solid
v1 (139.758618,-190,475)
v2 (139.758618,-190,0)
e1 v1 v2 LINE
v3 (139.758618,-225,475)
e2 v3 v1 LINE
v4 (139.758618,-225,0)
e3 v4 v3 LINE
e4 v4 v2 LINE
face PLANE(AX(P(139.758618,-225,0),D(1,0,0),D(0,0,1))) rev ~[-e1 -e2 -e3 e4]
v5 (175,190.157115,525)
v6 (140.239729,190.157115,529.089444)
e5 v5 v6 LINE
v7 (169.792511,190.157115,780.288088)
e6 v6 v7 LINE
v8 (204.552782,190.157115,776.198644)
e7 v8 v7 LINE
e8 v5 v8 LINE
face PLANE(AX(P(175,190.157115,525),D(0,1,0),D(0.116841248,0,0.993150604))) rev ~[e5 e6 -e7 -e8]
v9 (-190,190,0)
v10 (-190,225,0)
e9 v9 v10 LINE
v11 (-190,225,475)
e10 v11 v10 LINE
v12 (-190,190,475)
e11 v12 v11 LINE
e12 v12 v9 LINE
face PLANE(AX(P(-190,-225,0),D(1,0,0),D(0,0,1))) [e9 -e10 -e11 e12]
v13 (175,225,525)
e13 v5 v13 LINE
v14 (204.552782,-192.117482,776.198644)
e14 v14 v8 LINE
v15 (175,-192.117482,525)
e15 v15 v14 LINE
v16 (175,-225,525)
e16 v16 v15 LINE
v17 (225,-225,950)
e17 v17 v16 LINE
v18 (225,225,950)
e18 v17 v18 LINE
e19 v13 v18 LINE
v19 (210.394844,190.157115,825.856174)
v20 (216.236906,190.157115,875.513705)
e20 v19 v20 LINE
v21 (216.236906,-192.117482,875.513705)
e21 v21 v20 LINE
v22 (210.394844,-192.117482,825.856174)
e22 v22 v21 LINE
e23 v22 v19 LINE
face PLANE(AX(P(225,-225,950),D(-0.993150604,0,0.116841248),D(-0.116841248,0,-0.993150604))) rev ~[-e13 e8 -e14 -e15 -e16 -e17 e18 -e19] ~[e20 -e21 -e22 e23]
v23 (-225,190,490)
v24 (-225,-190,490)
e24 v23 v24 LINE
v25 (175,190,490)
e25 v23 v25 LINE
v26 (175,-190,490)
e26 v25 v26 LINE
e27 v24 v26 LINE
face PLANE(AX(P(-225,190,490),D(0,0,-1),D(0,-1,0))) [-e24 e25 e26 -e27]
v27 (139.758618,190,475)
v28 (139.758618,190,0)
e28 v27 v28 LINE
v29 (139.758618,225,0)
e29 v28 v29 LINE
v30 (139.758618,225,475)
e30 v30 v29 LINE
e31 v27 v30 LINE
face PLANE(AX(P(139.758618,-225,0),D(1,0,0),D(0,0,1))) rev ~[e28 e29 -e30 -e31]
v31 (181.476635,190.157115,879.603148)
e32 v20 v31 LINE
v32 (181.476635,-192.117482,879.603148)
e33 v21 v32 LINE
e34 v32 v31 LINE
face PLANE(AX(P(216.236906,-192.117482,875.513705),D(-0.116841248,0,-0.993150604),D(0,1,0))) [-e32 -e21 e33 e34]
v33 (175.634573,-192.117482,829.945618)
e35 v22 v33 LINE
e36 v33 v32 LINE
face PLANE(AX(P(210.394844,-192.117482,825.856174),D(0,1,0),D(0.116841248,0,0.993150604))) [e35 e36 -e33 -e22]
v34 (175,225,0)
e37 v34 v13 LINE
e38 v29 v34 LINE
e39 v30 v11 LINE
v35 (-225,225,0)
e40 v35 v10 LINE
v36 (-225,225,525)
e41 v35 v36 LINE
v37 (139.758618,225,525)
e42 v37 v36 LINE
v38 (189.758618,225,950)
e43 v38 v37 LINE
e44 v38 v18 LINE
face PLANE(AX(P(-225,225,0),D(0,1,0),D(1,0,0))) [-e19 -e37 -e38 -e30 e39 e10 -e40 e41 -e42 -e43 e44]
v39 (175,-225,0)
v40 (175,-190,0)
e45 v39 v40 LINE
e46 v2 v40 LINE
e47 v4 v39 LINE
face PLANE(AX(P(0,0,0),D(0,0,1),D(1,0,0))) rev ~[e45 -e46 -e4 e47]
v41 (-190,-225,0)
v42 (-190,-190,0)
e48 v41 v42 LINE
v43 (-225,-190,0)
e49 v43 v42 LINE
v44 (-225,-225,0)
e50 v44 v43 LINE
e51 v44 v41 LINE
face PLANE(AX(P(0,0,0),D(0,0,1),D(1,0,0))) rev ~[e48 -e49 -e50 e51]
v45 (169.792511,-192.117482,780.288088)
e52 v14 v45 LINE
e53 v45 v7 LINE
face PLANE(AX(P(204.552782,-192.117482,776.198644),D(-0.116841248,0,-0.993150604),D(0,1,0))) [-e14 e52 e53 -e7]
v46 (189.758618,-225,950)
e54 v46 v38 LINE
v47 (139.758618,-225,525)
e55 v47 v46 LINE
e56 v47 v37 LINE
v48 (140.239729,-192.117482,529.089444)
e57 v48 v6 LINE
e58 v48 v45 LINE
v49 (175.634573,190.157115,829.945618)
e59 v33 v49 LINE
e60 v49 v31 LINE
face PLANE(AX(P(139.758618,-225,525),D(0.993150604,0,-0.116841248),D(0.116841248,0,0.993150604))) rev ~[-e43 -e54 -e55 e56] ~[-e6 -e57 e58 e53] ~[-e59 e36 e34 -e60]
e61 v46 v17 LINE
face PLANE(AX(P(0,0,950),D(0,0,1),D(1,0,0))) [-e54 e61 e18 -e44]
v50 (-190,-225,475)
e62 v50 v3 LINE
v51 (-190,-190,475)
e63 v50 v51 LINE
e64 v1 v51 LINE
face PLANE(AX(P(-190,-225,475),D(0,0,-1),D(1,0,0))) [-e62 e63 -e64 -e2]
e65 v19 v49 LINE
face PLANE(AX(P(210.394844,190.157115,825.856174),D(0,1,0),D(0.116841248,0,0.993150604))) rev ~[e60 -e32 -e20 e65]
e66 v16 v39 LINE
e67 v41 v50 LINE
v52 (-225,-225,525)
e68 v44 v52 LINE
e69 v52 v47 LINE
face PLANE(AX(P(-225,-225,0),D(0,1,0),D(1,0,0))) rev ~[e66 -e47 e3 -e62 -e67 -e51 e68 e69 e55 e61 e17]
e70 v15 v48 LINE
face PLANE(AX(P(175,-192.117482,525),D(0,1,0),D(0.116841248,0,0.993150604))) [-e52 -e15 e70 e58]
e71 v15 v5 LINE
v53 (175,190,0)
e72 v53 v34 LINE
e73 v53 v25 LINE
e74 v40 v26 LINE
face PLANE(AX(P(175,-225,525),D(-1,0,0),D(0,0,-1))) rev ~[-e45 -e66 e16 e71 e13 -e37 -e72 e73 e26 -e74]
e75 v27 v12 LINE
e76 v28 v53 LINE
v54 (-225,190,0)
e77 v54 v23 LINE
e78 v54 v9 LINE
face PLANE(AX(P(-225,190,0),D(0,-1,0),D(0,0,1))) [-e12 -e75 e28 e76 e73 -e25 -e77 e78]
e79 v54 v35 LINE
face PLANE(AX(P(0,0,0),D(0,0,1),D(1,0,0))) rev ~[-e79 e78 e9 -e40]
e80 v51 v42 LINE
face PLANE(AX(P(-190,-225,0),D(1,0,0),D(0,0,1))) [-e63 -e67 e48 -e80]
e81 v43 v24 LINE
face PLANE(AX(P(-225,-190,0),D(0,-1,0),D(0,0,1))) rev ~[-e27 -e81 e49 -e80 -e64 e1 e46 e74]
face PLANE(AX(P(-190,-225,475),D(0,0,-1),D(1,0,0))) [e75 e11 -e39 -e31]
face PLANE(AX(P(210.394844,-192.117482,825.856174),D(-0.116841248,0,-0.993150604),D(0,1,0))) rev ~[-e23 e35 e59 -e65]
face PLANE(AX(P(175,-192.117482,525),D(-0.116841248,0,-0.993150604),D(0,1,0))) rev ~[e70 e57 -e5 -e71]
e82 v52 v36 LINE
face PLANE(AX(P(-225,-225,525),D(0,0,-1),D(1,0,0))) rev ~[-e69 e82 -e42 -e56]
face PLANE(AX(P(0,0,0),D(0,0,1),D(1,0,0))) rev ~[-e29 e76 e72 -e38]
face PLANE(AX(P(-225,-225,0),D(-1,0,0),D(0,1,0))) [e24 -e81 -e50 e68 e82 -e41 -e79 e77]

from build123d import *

# Parameters (mm, degrees)
F0_W     = 450
F0_H     = 450
F1_DEPTH = 950
F2_W     = 329.7586178293
F2_H     = 475
F2_W_2   = 50
F2_H_2   = 50
F3_DEPTH = 450.001
F4_W     = 380
F4_H     = 490
F5_DEPTH = 450.001
F6_W     = 382.2745978832
F6_H     = 50
F6_H_2   = 252.9310692156
F7_DEPTH = 446.9187719453


with BuildPart() as f1:
    # F0 (on Top) → F1 (new body)
    with BuildSketch(Plane.XY):
        Rectangle(F0_W, F0_H)
    extrude(amount=F1_DEPTH)

    # F2 (on face) → F3 (cut, through all)
    with BuildSketch(Plane.XZ.offset(225)):
        Polygon((-225, 950), (-225, 525), (139.7586178293, 525), (189.7586178293, 950), align=None)
        with Locations((-25.1206910853, 237.5)):
            Rectangle(F2_W, F2_H)
        Polygon((225, 950), (175, 525), (225, 525), align=None)
        with Locations((200, 500)):
            Rectangle(F2_W_2, F2_H_2)
        with Locations((200, 237.5)):
            Rectangle(F2_W_2, F2_H)
    extrude(amount=-F3_DEPTH, mode=Mode.SUBTRACT)

    # F4 (on face) → F5 (cut, through all)
    with BuildSketch(Plane(origin=(-225, 0, 0), x_dir=(0, -1, 0), z_dir=(-1, 0, 0))):
        with Locations((0, 245)):
            Rectangle(F4_W, F4_H)
    extrude(amount=-F5_DEPTH, mode=Mode.SUBTRACT)

    # F6 (on face) → F7 (cut, through all)
    with BuildSketch(Plane(origin=(111.6894197952, 0, -13.1399317406), x_dir=(0, 1, 0), z_dir=(0.9931506043, 0, -0.1168412476))):
        with Locations((-0.9801834822, 869.7823548094)):
            Rectangle(F6_W, F6_H)
        with Locations((-0.9801834822, 668.3168202016)):
            Rectangle(F6_W, F6_H_2)
    extrude(amount=-F7_DEPTH, mode=Mode.SUBTRACT)


solid = f1.part
